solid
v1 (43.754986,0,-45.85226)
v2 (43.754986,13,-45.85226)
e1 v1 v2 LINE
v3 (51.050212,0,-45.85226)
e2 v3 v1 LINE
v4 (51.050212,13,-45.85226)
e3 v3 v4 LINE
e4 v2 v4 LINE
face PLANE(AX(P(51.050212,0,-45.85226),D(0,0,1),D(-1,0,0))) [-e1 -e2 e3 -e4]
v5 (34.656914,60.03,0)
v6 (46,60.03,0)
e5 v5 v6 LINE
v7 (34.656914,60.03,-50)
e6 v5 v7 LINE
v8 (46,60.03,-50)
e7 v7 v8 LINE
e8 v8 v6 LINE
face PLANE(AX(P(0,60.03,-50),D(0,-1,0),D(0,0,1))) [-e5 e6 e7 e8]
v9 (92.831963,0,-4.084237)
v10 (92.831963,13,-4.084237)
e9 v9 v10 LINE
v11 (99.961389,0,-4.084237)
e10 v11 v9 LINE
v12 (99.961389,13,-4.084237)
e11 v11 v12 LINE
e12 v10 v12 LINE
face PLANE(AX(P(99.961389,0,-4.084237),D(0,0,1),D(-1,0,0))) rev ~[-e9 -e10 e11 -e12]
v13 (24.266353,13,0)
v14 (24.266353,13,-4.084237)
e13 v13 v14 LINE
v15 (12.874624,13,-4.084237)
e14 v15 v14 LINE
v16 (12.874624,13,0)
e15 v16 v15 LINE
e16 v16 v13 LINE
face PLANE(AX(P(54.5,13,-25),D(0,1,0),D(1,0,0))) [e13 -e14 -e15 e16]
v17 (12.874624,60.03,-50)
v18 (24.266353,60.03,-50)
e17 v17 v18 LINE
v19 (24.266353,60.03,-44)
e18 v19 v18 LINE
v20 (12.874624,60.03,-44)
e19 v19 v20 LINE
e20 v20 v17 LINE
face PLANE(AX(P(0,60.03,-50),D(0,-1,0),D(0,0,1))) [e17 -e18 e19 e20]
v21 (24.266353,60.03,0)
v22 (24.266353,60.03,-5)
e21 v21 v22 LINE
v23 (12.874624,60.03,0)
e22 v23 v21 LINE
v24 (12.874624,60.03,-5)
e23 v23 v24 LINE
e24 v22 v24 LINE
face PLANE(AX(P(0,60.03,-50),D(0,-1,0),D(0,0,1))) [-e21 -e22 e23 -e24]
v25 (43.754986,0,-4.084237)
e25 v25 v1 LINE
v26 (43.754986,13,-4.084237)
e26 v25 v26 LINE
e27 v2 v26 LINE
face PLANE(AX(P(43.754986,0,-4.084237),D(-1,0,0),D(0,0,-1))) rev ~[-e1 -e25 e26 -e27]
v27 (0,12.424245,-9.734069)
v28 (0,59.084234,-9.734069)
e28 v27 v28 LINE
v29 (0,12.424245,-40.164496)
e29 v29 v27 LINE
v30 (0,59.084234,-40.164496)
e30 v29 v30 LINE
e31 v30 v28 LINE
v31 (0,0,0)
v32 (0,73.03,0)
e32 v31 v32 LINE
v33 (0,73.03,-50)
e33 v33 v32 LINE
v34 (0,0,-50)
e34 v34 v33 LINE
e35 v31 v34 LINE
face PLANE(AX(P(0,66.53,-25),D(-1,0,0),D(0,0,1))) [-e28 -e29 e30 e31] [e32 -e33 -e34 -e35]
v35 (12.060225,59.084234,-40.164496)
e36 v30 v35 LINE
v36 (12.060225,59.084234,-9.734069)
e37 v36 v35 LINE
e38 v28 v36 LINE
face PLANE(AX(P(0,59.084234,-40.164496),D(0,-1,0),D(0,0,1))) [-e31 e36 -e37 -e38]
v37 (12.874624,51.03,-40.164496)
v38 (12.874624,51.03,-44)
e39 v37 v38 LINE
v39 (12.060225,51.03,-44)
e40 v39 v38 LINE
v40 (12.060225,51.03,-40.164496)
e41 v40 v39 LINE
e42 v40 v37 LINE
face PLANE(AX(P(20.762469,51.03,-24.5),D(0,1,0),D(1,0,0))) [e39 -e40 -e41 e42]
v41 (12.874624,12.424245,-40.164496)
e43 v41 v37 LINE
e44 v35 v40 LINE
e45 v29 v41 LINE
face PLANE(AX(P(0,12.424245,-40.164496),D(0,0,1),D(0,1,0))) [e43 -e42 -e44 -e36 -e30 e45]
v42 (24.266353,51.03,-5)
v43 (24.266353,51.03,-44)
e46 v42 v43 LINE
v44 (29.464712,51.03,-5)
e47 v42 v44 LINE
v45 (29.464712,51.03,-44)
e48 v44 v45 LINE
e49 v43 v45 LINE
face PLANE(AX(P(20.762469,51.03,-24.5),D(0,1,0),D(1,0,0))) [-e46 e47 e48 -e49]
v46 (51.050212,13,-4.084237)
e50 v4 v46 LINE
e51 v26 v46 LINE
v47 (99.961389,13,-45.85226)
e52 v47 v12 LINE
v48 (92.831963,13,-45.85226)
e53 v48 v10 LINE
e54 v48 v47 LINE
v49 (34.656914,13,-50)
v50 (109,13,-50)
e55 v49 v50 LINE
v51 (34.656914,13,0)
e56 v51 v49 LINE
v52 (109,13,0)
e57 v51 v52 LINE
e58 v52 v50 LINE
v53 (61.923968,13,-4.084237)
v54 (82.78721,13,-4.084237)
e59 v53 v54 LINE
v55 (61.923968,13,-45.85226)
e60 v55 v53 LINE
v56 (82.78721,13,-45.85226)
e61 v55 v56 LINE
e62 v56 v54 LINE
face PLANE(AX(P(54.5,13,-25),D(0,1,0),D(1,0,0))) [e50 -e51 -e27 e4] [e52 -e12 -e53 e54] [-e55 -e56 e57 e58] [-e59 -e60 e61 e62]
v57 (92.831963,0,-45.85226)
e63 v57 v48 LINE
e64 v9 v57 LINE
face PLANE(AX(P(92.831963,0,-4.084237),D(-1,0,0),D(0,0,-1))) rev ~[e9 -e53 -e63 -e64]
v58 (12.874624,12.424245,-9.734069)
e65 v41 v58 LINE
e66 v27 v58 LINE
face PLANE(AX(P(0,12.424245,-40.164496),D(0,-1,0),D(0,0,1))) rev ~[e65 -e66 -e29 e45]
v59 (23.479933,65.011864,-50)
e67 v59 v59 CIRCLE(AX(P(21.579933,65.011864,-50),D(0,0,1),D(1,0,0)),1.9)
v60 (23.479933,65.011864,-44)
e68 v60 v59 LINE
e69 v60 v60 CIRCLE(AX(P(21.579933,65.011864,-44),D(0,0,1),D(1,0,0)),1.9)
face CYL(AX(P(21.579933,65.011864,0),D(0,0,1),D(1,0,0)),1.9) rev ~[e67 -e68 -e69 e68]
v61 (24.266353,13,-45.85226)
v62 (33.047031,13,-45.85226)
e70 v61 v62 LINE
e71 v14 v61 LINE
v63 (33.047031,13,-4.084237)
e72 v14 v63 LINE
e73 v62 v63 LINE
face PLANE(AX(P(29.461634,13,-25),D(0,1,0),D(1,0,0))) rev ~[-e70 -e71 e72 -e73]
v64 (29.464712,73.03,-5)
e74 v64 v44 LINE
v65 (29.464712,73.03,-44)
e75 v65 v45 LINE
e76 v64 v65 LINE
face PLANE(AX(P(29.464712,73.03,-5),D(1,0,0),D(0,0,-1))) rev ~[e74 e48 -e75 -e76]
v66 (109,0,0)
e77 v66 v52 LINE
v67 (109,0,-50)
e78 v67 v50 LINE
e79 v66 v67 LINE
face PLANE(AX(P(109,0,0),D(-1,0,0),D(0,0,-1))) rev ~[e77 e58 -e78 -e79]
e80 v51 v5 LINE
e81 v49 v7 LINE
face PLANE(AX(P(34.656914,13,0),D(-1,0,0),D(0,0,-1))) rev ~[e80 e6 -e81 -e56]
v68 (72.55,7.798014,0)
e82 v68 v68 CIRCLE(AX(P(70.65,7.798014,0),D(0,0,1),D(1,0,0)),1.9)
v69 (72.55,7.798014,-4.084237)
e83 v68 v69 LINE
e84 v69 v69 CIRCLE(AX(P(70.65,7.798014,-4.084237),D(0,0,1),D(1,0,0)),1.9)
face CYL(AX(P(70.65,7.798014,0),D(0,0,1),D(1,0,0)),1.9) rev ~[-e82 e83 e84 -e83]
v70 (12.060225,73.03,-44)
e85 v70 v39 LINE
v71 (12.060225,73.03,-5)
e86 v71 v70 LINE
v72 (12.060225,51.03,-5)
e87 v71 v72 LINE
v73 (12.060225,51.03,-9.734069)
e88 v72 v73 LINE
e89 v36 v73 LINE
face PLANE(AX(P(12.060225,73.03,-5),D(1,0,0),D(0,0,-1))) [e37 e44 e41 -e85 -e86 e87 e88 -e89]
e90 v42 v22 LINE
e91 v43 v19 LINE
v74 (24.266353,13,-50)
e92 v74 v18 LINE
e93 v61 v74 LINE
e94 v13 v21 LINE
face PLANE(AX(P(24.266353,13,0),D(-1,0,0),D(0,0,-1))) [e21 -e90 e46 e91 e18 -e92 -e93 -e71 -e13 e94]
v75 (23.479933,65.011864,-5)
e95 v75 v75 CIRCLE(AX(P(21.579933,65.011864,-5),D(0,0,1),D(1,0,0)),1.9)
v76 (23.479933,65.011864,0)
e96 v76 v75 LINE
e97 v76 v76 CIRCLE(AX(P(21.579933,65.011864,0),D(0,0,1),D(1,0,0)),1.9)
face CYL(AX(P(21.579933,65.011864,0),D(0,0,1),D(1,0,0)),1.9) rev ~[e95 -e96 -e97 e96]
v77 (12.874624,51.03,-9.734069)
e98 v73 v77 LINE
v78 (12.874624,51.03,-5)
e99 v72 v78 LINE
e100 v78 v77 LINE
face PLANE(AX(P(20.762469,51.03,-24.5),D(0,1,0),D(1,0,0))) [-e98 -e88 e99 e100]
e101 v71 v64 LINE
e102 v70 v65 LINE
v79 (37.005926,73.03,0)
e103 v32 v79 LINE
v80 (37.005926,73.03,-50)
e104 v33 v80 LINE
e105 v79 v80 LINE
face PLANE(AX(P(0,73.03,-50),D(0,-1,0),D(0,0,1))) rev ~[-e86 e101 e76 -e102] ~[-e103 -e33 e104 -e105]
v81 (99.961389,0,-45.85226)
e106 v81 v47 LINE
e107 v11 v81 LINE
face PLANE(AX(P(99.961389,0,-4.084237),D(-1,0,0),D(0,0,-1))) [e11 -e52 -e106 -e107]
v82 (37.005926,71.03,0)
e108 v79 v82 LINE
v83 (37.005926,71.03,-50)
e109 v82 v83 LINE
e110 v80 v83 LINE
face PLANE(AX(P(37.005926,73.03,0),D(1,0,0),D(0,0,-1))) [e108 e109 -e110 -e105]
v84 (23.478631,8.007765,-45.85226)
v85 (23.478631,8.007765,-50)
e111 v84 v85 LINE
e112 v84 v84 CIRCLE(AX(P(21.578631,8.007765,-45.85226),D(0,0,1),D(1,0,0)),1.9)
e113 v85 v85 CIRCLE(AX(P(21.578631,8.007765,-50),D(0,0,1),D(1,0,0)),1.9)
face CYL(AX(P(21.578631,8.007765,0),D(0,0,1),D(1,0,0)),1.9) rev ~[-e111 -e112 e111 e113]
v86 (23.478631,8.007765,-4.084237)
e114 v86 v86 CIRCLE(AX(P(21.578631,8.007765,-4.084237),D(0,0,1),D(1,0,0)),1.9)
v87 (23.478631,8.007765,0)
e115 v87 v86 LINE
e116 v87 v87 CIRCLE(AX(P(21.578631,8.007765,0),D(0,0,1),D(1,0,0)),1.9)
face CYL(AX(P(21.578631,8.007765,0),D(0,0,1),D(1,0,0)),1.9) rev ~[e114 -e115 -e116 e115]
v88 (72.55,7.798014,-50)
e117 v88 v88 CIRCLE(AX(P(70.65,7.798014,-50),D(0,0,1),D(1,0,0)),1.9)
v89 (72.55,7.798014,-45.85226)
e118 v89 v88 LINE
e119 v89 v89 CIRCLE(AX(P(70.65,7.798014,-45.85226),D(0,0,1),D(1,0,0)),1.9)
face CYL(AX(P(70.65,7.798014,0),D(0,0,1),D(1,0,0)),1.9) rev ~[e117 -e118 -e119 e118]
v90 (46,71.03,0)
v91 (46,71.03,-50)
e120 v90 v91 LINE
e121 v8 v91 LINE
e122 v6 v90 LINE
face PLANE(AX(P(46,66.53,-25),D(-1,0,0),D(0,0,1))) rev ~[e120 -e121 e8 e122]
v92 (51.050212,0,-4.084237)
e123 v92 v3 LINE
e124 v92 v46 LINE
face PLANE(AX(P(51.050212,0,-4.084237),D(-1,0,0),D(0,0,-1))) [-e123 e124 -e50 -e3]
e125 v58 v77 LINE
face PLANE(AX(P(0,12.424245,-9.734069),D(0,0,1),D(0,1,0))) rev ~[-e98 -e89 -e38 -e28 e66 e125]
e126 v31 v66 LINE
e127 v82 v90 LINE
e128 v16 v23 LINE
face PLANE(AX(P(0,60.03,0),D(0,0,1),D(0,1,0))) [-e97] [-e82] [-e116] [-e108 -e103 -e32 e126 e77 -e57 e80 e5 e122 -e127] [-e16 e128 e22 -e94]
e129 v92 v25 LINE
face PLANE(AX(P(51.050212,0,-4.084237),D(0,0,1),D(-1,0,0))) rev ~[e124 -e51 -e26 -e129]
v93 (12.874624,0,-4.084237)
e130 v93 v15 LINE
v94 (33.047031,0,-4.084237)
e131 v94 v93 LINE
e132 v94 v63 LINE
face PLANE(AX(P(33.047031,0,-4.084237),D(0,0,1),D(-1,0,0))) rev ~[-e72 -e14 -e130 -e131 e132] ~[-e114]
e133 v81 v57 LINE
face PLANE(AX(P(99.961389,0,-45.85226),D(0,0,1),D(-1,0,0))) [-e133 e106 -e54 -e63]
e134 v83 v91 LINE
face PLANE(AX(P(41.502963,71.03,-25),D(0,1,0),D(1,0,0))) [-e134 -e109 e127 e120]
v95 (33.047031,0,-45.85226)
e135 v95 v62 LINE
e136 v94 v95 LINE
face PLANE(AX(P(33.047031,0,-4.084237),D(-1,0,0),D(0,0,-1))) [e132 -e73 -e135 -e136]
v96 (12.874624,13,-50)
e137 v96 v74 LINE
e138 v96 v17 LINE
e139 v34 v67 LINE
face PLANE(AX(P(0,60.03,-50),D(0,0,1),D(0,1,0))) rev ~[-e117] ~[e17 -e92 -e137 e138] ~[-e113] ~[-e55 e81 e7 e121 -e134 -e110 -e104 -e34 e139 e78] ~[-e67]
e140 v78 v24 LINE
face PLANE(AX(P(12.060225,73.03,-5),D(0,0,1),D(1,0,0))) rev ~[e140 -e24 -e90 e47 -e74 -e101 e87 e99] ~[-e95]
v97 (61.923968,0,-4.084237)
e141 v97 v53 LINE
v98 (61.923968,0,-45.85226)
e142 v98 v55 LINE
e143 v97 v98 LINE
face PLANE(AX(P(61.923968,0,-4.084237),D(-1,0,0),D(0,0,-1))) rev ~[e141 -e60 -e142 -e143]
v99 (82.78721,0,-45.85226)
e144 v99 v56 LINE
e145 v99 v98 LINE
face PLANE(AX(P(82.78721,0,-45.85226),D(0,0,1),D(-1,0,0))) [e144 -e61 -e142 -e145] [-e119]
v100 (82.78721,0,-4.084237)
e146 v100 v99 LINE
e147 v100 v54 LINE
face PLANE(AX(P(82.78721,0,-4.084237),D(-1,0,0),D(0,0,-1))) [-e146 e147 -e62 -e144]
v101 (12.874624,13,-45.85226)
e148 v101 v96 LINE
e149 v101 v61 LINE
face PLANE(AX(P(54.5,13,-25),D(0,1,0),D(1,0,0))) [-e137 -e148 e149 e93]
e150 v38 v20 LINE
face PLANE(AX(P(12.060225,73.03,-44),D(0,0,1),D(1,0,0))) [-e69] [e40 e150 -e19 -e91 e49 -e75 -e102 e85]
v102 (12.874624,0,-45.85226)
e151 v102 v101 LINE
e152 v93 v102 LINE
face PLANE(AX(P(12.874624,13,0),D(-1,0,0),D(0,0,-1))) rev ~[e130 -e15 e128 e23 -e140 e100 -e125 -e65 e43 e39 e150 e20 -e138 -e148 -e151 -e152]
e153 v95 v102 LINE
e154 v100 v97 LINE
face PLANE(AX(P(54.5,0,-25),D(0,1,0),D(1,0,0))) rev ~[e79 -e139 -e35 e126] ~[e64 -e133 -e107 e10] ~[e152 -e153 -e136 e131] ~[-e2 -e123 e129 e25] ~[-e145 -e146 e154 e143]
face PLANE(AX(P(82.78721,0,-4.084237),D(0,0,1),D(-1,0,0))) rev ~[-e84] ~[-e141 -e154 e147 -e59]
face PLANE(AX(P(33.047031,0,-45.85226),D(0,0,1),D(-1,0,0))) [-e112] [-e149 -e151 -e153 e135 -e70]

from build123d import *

# Parameters (mm, degrees)
SKETCH1_W           = 109
SKETCH1_H           = 50
BOSS_EXTRUDE1_DEPTH = 13
SKETCH2_W           = 20.172406269
SKETCH2_H           = 41.768023424
SKETCH2_W_2         = 20.8632421
SKETCH2_W_3         = 7.295226376
SKETCH2_W_4         = 7.129425777
CUT_EXTRUDE1_DEPTH  = 16
SKETCH4_W           = 12.874624242
SKETCH4_H           = 50
SKETCH4_W_2         = 10.390561779
BOSS_EXTRUDE2_DEPTH = 47.03
SKETCH5_W           = 50
SKETCH5_H           = 13
BOSS_EXTRUDE3_DEPTH = 46
SKETCH6_W           = 8.994074375
SKETCH6_H           = 50
CUT_EXTRUDE2_DEPTH  = 2
SKETCH7_W           = 17.404486576
SKETCH7_H           = 39
CUT_EXTRUDE3_DEPTH  = 22
SKETCH8_W           = 30.430427264
SKETCH8_H           = 46.659988472
CUT_EXTRUDE4_DEPTH  = 22
SKETCH9_R           = 1.9
CUT_EXTRUDE5_DEPTH  = 60


with BuildPart() as part:
    # Sketch1 → Boss-Extrude1 (new body)
    with BuildSketch(Plane(origin=(0, 0, 0), x_dir=(1, 0, 0), z_dir=(0, 1, 0))):
        with Locations((54.5, 25)):
            Rectangle(SKETCH1_W, SKETCH1_H)
    extrude(amount=BOSS_EXTRUDE1_DEPTH)

    # Sketch2 → Cut-Extrude1 (cut)
    with BuildSketch(Plane(origin=(0, 0, 0), x_dir=(-1, 0, 0), z_dir=(0, -1, 0))):
        with Locations((-22.960827377, 24.968248552)):
            Rectangle(SKETCH2_W, SKETCH2_H)
        with Locations((-72.355589302, 24.968248552)):
            Rectangle(SKETCH2_W_2, SKETCH2_H)
        with Locations((-47.402599082, 24.968248552)):
            Rectangle(SKETCH2_W_3, SKETCH2_H)
        with Locations((-96.396676226, 24.968248552)):
            Rectangle(SKETCH2_W_4, SKETCH2_H)
    extrude(amount=-CUT_EXTRUDE1_DEPTH, mode=Mode.SUBTRACT)

    # Sketch4 → Boss-Extrude2 (add)
    with BuildSketch(Plane(origin=(0, 13, 0), x_dir=(1, 0, 0), z_dir=(0, 1, 0))):
        with Locations((6.437312121, 25)):
            Rectangle(SKETCH4_W, SKETCH4_H)
        with Locations((29.461633581, 25)):
            Rectangle(SKETCH4_W_2, SKETCH4_H)
    extrude(amount=BOSS_EXTRUDE2_DEPTH)

    # Sketch5 → Boss-Extrude3 (add)
    with BuildSketch(Plane.ZY):
        with Locations((-25, 66.53)):
            Rectangle(SKETCH5_W, SKETCH5_H)
    extrude(amount=-BOSS_EXTRUDE3_DEPTH)

    # Sketch6 → Cut-Extrude2 (cut)
    with BuildSketch(Plane(origin=(0, 73.03, 0), x_dir=(1, 0, 0), z_dir=(0, 1, 0))):
        with Locations((41.502962813, 25)):
            Rectangle(SKETCH6_W, SKETCH6_H)
    extrude(amount=-CUT_EXTRUDE2_DEPTH, mode=Mode.SUBTRACT)

    # Sketch7 → Cut-Extrude3 (cut)
    with BuildSketch(Plane(origin=(0, 73.03, 0), x_dir=(1, 0, 0), z_dir=(0, 1, 0))):
        with Locations((20.762468631, 24.5)):
            Rectangle(SKETCH7_W, SKETCH7_H)
    extrude(amount=-CUT_EXTRUDE3_DEPTH, mode=Mode.SUBTRACT)

    # Sketch8 → Cut-Extrude4 (cut)
    with BuildSketch(Plane.ZY):
        with Locations((-24.949282621, 35.754239318)):
            Rectangle(SKETCH8_W, SKETCH8_H)
    extrude(amount=-CUT_EXTRUDE4_DEPTH, mode=Mode.SUBTRACT)

    # Sketch9 → Cut-Extrude5 (cut)
    with BuildSketch(Plane.XY):
        with Locations((21.57993313, 65.011863681)):
            Circle(SKETCH9_R)
        with Locations((21.57863067, 8.007764563)):
            Circle(SKETCH9_R)
        with Locations((70.65, 7.798014497)):
            Circle(SKETCH9_R)
    extrude(amount=-CUT_EXTRUDE5_DEPTH, mode=Mode.SUBTRACT)


solid = part.part
